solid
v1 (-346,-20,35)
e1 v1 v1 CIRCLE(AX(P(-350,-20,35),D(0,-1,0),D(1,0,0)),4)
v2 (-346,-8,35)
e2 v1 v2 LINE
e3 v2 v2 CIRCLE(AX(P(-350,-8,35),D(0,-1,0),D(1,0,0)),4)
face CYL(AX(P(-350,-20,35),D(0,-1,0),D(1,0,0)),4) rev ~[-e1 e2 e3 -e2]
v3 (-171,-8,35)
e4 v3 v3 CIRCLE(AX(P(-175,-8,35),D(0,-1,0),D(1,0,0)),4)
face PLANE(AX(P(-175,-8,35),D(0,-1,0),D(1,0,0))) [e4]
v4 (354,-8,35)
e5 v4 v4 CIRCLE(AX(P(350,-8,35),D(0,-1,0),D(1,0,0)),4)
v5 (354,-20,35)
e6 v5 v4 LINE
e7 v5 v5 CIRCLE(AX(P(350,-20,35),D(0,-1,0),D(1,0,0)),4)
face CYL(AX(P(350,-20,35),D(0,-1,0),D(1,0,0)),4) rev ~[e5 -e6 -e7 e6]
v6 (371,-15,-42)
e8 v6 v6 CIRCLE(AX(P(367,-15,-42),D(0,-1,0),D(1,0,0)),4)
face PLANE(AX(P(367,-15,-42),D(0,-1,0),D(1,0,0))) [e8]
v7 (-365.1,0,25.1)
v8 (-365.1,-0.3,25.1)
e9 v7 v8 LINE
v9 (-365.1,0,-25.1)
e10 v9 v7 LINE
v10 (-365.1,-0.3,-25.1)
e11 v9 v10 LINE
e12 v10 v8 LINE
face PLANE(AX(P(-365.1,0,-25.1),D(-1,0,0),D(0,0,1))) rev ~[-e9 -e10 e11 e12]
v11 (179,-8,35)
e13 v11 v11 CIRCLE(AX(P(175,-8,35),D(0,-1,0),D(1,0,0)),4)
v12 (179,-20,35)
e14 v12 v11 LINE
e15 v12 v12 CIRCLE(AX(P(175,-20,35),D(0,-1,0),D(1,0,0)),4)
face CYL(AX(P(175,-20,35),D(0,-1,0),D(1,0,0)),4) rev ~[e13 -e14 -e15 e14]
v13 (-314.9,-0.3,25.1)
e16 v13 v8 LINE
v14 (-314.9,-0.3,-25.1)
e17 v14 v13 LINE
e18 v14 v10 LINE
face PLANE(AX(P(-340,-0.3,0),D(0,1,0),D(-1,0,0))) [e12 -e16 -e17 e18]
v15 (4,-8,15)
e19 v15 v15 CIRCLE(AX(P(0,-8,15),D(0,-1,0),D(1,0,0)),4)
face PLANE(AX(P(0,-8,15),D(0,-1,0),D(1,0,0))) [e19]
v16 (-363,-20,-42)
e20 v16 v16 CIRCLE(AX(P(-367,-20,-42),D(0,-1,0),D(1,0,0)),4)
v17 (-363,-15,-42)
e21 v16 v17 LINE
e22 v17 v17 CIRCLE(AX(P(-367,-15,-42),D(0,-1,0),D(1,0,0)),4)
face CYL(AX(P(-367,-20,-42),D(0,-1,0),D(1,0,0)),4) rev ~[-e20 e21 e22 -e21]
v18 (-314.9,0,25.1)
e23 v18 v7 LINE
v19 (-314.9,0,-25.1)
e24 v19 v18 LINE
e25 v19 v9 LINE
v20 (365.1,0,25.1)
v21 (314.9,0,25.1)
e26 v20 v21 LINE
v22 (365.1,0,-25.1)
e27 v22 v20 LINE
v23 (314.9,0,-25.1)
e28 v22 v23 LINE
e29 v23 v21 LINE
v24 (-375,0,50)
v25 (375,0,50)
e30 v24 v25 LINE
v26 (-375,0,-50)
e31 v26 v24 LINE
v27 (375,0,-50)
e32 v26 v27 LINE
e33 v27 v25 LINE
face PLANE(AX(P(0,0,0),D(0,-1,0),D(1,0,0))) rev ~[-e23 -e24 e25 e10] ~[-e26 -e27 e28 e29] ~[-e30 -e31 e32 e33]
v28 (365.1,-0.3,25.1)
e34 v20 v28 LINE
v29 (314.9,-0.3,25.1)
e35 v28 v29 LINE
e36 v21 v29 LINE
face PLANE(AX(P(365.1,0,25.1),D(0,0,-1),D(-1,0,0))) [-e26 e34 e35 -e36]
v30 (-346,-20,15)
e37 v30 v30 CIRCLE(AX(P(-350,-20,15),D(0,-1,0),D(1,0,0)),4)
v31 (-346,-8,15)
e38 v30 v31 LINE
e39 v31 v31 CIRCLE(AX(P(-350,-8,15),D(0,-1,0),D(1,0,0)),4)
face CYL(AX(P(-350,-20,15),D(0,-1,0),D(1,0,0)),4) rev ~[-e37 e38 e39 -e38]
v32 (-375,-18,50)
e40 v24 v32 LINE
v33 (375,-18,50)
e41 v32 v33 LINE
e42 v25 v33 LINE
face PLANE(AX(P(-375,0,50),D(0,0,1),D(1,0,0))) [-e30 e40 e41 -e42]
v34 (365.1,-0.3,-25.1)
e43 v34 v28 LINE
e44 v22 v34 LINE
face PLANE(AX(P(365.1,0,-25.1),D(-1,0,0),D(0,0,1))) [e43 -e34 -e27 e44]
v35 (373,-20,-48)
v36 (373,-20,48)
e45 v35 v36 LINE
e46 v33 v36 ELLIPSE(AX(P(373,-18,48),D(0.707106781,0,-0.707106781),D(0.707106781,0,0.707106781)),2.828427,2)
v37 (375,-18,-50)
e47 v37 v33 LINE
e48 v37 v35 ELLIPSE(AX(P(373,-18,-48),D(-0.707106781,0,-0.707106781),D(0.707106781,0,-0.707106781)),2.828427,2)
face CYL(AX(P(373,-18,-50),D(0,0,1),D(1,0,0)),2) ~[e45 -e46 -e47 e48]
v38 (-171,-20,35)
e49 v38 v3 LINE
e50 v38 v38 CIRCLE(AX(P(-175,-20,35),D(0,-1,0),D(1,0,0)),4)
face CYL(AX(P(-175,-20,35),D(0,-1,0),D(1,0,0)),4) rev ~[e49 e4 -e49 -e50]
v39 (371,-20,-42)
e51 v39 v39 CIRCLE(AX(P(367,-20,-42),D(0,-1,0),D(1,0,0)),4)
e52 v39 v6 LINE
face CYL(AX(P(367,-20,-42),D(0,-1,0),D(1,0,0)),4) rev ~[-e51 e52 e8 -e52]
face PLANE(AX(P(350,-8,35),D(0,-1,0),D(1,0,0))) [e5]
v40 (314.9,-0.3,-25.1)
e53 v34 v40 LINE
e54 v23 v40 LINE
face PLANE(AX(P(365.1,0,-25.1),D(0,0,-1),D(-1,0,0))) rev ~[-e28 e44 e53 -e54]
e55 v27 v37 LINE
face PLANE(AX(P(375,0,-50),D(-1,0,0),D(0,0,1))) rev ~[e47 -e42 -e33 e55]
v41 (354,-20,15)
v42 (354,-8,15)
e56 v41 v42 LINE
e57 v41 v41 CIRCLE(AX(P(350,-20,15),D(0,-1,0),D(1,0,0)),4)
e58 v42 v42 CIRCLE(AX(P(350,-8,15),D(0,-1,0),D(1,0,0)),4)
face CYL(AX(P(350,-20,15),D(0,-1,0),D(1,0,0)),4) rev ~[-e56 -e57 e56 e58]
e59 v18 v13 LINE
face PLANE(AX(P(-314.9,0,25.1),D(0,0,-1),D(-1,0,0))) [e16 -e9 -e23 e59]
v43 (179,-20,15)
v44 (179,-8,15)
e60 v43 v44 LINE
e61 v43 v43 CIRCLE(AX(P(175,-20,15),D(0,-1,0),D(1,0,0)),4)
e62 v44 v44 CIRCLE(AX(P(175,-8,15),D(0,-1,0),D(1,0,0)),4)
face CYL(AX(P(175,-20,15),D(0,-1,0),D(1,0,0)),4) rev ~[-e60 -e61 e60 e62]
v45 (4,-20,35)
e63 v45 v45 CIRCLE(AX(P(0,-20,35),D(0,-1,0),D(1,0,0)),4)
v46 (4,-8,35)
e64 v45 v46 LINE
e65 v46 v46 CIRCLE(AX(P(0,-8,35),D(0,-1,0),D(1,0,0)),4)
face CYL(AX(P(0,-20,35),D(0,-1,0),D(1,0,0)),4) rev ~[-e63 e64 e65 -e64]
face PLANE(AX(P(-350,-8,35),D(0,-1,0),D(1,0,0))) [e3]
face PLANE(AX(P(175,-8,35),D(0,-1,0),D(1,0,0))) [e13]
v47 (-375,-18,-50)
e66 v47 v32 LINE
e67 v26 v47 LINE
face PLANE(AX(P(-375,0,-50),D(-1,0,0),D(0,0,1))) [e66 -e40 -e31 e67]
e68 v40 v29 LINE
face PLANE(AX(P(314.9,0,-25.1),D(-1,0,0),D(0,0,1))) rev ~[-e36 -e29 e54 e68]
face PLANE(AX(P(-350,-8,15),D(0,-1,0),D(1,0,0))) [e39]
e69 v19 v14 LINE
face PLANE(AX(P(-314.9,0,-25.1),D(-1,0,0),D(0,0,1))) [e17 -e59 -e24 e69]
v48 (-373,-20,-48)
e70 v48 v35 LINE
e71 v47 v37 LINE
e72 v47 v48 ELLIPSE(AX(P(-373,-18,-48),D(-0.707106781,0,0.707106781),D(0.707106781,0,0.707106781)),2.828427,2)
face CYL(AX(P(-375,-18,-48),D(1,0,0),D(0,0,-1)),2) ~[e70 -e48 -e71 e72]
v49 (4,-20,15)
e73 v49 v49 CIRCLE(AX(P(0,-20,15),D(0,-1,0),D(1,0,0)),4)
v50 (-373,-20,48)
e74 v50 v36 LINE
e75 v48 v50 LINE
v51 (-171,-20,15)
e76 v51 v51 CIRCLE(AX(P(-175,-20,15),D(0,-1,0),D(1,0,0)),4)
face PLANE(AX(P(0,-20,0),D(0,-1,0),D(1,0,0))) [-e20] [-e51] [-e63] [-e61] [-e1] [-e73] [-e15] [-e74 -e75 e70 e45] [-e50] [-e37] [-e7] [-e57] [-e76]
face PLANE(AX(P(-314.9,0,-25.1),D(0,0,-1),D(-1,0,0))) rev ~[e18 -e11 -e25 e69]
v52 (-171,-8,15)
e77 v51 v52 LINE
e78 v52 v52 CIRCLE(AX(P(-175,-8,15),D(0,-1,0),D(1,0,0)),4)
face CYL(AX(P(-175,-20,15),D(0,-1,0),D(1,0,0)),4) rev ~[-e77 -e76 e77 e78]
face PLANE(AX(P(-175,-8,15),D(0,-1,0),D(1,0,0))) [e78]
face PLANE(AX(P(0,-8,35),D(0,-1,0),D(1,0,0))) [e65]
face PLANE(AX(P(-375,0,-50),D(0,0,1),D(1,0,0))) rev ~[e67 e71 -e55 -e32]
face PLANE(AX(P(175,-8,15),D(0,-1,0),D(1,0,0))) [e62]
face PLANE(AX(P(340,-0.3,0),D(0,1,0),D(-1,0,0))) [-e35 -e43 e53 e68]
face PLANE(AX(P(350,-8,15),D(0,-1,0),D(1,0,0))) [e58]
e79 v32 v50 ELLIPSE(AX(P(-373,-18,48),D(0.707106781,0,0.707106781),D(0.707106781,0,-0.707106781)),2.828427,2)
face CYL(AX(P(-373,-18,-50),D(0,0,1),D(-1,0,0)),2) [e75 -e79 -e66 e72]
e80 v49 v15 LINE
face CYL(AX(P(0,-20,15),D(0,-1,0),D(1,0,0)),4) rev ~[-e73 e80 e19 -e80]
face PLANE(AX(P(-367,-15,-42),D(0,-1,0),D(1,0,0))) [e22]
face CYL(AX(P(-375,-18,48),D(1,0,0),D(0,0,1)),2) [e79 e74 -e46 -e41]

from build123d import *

# Parameters (mm, degrees)
F0_W     = 750
F0_H     = 100
F1_DEPTH = 20
F2_R     = 2
F3_R     = 4
F4_DEPTH = 12
F5_R     = 4
F6_DEPTH = 5
F7_W     = 50.2
F7_H     = 50.2
F8_DEPTH = 0.3


with BuildPart() as f1:
    # F0 (on Front) → F1 (new body)
    with BuildSketch(Plane.XZ):
        Rectangle(F0_W, F0_H)
    extrude(amount=F1_DEPTH)

    # F2
    f2_edges = [f1.edges().sort_by_distance(p)[0] for p in [
        (0, -20, -50),
        (375, -20, 0),
        (0, -20, 50),
        (-375, -20, 0),
    ]]
    fillet(f2_edges, radius=F2_R)

    # F3 (on face) → F4 (cut)
    with BuildSketch(Plane.XZ.offset(20)):
        with Locations((-350, 35)):
            Circle(F3_R)
        with Locations((-350, 15)):
            Circle(F3_R)
        with Locations((-175, 15)):
            Circle(F3_R)
        with Locations((-175, 35)):
            Circle(F3_R)
        with Locations((0, 35)):
            Circle(F3_R)
        with Locations((0, 15)):
            Circle(F3_R)
        with Locations((175, 35)):
            Circle(F3_R)
        with Locations((175, 15)):
            Circle(F3_R)
        with Locations((350, 15)):
            Circle(F3_R)
        with Locations((350, 35)):
            Circle(F3_R)
    extrude(amount=-F4_DEPTH, mode=Mode.SUBTRACT)

    # F5 (on face) → F6 (cut)
    with BuildSketch(Plane.XZ.offset(20)):
        with Locations((-367, -42)):
            Circle(F5_R)
        with Locations((367, -42)):
            Circle(F5_R)
    extrude(amount=-F6_DEPTH, mode=Mode.SUBTRACT)

    # F7 (on face) → F8 (cut)
    with BuildSketch(Plane(origin=(0, 0, 0), x_dir=(-1, 0, 0), z_dir=(0, 1, 0))):
        with Locations((-340, 0)):
            Rectangle(F7_W, F7_H)
        with Locations((340, 0)):
            Rectangle(F7_W, F7_H)
    extrude(amount=-F8_DEPTH, mode=Mode.SUBTRACT)


solid = f1.part
